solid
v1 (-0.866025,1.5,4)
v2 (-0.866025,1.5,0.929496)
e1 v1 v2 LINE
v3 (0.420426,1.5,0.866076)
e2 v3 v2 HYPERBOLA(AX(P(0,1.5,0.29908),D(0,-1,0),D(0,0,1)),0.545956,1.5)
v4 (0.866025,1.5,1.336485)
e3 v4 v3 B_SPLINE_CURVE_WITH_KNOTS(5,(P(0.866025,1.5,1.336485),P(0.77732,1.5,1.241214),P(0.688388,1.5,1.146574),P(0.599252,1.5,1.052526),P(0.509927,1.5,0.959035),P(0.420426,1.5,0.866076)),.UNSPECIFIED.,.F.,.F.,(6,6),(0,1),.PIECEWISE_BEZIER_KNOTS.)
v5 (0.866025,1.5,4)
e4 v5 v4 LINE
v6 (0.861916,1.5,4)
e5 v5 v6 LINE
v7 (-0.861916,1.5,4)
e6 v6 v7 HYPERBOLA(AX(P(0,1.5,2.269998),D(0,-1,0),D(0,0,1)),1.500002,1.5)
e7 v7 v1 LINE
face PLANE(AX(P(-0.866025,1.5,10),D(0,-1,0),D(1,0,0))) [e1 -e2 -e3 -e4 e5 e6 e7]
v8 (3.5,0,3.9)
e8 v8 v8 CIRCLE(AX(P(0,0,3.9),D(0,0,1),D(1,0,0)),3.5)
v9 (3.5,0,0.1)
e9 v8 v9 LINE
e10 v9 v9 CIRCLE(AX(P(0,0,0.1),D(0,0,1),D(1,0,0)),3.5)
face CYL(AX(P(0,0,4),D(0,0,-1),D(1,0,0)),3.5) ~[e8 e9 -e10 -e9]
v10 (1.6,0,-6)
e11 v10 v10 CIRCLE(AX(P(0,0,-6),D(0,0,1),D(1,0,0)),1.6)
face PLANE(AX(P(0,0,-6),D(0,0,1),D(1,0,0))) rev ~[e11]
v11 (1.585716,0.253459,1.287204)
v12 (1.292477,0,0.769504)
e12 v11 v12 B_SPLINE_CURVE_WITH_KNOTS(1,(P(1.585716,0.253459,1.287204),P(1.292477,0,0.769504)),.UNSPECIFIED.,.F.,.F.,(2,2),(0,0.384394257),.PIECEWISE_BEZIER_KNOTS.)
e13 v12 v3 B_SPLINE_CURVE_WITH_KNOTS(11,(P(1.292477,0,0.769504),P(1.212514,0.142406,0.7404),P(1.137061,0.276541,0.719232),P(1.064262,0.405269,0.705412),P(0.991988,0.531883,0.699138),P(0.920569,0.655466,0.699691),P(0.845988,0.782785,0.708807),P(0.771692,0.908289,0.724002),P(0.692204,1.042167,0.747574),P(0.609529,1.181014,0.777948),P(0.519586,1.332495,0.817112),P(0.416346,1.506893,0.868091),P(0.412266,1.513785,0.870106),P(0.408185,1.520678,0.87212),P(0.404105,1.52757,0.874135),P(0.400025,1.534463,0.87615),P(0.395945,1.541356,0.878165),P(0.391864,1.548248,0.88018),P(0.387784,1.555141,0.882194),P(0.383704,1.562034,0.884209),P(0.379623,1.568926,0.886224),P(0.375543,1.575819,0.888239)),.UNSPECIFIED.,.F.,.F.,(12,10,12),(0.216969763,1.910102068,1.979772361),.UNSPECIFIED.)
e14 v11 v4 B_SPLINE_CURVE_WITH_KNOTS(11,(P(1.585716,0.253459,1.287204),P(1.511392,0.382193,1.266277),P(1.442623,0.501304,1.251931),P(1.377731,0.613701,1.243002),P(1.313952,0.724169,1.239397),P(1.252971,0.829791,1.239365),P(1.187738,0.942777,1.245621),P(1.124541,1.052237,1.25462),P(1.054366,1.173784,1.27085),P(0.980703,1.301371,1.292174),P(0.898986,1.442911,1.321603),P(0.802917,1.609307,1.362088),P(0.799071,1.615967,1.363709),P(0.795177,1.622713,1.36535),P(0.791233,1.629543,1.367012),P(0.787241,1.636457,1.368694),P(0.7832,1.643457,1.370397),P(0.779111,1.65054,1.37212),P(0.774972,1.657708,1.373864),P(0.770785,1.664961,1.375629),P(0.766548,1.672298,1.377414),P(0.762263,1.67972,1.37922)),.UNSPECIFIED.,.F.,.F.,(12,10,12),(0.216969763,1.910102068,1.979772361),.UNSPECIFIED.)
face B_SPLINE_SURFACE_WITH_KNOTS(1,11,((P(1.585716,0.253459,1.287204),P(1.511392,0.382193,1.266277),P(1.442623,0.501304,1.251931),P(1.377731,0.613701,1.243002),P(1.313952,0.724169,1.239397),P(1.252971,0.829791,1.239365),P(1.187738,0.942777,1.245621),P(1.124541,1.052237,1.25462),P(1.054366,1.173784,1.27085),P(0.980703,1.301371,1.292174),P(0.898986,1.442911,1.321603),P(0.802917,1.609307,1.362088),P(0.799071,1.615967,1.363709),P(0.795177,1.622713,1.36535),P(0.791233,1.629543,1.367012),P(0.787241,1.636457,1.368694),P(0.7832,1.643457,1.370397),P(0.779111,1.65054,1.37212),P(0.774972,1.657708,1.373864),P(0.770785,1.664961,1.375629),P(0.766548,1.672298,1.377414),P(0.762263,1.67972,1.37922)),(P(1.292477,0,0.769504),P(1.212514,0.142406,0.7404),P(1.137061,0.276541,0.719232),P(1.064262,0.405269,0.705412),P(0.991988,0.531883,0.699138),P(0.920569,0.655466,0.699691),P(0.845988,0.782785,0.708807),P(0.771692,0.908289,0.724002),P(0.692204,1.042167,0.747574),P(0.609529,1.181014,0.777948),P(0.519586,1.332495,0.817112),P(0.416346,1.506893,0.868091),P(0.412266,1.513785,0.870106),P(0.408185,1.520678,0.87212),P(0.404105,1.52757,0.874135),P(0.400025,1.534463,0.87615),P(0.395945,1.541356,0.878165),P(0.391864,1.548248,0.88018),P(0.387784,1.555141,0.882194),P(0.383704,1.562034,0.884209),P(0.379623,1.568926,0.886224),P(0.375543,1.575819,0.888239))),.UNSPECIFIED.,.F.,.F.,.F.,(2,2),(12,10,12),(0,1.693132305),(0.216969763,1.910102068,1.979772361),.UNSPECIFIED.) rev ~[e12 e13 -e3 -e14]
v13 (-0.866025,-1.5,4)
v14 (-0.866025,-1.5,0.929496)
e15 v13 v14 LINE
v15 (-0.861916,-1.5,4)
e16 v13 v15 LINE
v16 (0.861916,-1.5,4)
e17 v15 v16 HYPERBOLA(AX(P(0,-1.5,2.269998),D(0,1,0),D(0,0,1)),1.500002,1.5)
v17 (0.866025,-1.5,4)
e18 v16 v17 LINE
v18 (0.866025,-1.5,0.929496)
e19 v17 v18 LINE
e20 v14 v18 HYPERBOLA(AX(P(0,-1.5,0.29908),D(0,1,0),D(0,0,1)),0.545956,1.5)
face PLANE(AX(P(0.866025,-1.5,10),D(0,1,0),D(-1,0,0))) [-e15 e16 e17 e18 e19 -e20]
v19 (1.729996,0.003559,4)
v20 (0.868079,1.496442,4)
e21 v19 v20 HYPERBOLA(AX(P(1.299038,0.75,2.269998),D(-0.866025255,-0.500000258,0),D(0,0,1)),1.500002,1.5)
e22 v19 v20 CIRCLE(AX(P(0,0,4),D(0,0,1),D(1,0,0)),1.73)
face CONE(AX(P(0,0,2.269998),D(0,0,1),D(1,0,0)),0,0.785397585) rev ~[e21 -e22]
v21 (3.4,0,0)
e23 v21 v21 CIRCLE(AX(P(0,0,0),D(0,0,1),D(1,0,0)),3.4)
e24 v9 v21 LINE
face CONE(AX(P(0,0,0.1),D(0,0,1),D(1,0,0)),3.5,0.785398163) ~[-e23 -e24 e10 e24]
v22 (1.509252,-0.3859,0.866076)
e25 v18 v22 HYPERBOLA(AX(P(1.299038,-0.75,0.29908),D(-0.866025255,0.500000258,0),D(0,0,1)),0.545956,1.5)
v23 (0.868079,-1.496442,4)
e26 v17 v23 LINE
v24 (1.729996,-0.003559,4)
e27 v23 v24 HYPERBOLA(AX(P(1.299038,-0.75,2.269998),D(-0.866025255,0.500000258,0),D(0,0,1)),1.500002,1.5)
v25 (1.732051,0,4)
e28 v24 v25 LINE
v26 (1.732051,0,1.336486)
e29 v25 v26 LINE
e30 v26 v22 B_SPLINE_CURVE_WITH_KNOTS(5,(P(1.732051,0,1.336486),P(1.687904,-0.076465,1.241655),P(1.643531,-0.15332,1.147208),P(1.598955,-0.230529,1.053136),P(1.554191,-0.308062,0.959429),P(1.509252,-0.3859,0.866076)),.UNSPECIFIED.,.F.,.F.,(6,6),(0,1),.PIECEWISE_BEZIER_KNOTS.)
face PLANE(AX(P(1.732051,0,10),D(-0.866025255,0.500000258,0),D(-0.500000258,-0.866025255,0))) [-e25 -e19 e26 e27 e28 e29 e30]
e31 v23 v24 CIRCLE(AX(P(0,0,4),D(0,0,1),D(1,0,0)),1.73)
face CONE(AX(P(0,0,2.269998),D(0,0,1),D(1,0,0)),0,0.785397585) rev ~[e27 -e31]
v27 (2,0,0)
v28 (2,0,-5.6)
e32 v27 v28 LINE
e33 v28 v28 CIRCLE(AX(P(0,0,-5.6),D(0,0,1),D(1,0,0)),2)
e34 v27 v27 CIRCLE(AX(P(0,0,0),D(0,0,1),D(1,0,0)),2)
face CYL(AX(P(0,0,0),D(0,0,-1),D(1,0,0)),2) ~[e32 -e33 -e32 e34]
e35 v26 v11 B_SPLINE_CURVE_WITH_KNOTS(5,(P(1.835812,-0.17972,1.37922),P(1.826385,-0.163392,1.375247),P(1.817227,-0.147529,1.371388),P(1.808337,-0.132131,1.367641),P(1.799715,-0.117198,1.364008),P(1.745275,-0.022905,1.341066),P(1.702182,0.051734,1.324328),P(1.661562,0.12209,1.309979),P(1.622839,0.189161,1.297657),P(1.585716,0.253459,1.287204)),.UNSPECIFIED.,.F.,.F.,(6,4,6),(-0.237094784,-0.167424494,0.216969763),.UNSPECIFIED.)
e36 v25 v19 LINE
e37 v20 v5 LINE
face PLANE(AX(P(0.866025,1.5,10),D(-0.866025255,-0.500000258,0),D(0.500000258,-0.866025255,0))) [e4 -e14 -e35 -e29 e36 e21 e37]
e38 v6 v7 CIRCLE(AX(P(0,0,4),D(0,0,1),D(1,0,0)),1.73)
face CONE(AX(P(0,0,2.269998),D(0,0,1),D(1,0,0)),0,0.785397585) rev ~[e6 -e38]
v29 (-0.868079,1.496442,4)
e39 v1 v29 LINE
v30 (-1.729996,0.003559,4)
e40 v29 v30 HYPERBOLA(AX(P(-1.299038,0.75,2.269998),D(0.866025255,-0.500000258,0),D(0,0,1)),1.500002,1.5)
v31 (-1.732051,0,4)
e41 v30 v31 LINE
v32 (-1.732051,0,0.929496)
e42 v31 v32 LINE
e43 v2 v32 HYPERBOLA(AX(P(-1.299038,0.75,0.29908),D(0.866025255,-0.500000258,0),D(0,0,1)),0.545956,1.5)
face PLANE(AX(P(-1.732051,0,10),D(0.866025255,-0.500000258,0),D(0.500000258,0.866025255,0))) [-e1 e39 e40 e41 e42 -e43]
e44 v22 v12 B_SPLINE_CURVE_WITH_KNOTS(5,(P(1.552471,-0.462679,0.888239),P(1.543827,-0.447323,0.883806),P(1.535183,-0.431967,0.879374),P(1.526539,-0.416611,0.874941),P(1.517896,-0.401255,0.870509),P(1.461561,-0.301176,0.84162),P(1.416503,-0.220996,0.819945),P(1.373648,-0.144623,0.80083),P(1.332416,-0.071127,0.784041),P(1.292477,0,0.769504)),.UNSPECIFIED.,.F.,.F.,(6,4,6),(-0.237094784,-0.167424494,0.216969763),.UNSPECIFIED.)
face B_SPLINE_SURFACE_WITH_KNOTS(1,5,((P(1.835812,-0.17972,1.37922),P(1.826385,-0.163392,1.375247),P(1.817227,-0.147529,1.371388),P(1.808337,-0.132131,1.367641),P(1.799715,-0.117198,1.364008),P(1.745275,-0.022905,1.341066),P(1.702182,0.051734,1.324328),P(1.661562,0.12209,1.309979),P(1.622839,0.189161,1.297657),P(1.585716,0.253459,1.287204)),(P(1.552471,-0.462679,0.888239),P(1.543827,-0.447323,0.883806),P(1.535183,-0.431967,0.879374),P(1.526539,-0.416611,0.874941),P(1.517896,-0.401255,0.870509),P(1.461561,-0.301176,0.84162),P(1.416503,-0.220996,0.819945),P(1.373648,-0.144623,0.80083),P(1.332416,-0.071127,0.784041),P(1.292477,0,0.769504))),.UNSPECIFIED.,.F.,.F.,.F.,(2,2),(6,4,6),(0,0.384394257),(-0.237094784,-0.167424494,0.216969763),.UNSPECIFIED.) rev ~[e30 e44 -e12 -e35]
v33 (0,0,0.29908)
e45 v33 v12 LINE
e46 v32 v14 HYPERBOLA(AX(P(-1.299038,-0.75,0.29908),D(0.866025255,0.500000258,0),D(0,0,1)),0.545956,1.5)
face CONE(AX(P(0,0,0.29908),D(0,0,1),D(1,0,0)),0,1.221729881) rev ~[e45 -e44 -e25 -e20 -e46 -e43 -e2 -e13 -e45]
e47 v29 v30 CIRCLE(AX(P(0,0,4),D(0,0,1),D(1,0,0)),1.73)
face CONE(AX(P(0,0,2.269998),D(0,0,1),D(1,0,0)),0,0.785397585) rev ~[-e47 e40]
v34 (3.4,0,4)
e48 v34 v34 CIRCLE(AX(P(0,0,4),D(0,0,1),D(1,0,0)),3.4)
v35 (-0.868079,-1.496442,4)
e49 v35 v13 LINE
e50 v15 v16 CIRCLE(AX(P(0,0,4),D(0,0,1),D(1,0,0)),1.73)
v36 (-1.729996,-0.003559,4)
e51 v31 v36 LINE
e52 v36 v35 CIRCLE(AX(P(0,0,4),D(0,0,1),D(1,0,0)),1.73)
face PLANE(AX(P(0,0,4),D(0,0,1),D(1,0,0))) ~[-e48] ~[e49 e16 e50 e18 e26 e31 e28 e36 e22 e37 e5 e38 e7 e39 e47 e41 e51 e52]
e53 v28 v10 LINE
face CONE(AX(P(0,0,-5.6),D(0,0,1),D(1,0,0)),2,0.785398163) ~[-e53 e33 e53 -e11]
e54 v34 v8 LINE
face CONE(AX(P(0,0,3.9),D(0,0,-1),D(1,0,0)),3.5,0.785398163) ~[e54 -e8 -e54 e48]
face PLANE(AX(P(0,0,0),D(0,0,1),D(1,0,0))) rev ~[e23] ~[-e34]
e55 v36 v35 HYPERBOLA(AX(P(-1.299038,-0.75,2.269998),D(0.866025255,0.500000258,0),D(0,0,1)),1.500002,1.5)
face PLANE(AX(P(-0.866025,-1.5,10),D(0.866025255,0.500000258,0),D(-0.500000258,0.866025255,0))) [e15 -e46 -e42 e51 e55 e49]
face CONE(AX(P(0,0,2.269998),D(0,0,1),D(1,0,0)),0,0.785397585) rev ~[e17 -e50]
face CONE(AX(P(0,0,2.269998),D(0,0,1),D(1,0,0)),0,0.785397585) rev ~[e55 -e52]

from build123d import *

# Parameters (mm, degrees)
SKETCH001_R     = 3.75
POCKET_DEPTH    = 9.70192
CHAMFER_SIZE    = 0.4
CHAMFER001_SIZE = 0.1
CHAMFER002_SIZE = 0.4


with BuildPart() as pocket:
    # Sketch003 → Revolution001 (revolve)
    with BuildSketch(Plane.XZ):
        Polygon((0, 0.29908), (2.75, 1.3), (2.75, 10), (0, 10), align=None)
    revolve(axis=Axis((0, 0, 0), (0, 0, 1)))

    # Sketch001 → Pocket (cut, through all)
    with BuildSketch(Plane(origin=(0, 0, 10), x_dir=(-1, 0, 0), z_dir=(0, 0, 1))):
        Circle(SKETCH001_R)
        Polygon((-0.866025, 1.5), (0.866025, 1.5), (1.732051, 0), (0.866025, -1.5), (-0.866025, -1.5), (-1.732051, 0), align=None, mode=Mode.SUBTRACT)
    extrude(amount=-POCKET_DEPTH, mode=Mode.SUBTRACT)


with BuildPart() as chamfer002:
    # Sketch → Revolution (revolve)
    with BuildSketch(Plane.XZ):
        Polygon((1.73, 4), (3.5, 4), (3.5, 0), (2, 0), (2, -6), (0, -6), (0, 2.269998), align=None)
    revolve(axis=Axis((0, 0, 0), (0, 0, 1)))

    # Cut: cut Pocket
    add(pocket.part, mode=Mode.SUBTRACT)

    # Chamfer
    chamfer_edges = [chamfer002.edges().sort_by_distance(p)[0] for p in [
        (1.299038, 0.75, 0.845037),
    ]]
    chamfer(chamfer_edges, length=CHAMFER_SIZE)

    # Chamfer001
    chamfer001_edges = [chamfer002.edges().sort_by_distance(p)[0] for p in [
        (-3.5, 0, 4),
        (-3.5, 0, 0),
    ]]
    chamfer(chamfer001_edges, length=CHAMFER001_SIZE)

    # Chamfer002
    chamfer002_edges = [chamfer002.edges().sort_by_distance(p)[0] for p in [
        (-2, 0, -6),
    ]]
    chamfer(chamfer002_edges, length=CHAMFER002_SIZE)


solid = chamfer002.part
